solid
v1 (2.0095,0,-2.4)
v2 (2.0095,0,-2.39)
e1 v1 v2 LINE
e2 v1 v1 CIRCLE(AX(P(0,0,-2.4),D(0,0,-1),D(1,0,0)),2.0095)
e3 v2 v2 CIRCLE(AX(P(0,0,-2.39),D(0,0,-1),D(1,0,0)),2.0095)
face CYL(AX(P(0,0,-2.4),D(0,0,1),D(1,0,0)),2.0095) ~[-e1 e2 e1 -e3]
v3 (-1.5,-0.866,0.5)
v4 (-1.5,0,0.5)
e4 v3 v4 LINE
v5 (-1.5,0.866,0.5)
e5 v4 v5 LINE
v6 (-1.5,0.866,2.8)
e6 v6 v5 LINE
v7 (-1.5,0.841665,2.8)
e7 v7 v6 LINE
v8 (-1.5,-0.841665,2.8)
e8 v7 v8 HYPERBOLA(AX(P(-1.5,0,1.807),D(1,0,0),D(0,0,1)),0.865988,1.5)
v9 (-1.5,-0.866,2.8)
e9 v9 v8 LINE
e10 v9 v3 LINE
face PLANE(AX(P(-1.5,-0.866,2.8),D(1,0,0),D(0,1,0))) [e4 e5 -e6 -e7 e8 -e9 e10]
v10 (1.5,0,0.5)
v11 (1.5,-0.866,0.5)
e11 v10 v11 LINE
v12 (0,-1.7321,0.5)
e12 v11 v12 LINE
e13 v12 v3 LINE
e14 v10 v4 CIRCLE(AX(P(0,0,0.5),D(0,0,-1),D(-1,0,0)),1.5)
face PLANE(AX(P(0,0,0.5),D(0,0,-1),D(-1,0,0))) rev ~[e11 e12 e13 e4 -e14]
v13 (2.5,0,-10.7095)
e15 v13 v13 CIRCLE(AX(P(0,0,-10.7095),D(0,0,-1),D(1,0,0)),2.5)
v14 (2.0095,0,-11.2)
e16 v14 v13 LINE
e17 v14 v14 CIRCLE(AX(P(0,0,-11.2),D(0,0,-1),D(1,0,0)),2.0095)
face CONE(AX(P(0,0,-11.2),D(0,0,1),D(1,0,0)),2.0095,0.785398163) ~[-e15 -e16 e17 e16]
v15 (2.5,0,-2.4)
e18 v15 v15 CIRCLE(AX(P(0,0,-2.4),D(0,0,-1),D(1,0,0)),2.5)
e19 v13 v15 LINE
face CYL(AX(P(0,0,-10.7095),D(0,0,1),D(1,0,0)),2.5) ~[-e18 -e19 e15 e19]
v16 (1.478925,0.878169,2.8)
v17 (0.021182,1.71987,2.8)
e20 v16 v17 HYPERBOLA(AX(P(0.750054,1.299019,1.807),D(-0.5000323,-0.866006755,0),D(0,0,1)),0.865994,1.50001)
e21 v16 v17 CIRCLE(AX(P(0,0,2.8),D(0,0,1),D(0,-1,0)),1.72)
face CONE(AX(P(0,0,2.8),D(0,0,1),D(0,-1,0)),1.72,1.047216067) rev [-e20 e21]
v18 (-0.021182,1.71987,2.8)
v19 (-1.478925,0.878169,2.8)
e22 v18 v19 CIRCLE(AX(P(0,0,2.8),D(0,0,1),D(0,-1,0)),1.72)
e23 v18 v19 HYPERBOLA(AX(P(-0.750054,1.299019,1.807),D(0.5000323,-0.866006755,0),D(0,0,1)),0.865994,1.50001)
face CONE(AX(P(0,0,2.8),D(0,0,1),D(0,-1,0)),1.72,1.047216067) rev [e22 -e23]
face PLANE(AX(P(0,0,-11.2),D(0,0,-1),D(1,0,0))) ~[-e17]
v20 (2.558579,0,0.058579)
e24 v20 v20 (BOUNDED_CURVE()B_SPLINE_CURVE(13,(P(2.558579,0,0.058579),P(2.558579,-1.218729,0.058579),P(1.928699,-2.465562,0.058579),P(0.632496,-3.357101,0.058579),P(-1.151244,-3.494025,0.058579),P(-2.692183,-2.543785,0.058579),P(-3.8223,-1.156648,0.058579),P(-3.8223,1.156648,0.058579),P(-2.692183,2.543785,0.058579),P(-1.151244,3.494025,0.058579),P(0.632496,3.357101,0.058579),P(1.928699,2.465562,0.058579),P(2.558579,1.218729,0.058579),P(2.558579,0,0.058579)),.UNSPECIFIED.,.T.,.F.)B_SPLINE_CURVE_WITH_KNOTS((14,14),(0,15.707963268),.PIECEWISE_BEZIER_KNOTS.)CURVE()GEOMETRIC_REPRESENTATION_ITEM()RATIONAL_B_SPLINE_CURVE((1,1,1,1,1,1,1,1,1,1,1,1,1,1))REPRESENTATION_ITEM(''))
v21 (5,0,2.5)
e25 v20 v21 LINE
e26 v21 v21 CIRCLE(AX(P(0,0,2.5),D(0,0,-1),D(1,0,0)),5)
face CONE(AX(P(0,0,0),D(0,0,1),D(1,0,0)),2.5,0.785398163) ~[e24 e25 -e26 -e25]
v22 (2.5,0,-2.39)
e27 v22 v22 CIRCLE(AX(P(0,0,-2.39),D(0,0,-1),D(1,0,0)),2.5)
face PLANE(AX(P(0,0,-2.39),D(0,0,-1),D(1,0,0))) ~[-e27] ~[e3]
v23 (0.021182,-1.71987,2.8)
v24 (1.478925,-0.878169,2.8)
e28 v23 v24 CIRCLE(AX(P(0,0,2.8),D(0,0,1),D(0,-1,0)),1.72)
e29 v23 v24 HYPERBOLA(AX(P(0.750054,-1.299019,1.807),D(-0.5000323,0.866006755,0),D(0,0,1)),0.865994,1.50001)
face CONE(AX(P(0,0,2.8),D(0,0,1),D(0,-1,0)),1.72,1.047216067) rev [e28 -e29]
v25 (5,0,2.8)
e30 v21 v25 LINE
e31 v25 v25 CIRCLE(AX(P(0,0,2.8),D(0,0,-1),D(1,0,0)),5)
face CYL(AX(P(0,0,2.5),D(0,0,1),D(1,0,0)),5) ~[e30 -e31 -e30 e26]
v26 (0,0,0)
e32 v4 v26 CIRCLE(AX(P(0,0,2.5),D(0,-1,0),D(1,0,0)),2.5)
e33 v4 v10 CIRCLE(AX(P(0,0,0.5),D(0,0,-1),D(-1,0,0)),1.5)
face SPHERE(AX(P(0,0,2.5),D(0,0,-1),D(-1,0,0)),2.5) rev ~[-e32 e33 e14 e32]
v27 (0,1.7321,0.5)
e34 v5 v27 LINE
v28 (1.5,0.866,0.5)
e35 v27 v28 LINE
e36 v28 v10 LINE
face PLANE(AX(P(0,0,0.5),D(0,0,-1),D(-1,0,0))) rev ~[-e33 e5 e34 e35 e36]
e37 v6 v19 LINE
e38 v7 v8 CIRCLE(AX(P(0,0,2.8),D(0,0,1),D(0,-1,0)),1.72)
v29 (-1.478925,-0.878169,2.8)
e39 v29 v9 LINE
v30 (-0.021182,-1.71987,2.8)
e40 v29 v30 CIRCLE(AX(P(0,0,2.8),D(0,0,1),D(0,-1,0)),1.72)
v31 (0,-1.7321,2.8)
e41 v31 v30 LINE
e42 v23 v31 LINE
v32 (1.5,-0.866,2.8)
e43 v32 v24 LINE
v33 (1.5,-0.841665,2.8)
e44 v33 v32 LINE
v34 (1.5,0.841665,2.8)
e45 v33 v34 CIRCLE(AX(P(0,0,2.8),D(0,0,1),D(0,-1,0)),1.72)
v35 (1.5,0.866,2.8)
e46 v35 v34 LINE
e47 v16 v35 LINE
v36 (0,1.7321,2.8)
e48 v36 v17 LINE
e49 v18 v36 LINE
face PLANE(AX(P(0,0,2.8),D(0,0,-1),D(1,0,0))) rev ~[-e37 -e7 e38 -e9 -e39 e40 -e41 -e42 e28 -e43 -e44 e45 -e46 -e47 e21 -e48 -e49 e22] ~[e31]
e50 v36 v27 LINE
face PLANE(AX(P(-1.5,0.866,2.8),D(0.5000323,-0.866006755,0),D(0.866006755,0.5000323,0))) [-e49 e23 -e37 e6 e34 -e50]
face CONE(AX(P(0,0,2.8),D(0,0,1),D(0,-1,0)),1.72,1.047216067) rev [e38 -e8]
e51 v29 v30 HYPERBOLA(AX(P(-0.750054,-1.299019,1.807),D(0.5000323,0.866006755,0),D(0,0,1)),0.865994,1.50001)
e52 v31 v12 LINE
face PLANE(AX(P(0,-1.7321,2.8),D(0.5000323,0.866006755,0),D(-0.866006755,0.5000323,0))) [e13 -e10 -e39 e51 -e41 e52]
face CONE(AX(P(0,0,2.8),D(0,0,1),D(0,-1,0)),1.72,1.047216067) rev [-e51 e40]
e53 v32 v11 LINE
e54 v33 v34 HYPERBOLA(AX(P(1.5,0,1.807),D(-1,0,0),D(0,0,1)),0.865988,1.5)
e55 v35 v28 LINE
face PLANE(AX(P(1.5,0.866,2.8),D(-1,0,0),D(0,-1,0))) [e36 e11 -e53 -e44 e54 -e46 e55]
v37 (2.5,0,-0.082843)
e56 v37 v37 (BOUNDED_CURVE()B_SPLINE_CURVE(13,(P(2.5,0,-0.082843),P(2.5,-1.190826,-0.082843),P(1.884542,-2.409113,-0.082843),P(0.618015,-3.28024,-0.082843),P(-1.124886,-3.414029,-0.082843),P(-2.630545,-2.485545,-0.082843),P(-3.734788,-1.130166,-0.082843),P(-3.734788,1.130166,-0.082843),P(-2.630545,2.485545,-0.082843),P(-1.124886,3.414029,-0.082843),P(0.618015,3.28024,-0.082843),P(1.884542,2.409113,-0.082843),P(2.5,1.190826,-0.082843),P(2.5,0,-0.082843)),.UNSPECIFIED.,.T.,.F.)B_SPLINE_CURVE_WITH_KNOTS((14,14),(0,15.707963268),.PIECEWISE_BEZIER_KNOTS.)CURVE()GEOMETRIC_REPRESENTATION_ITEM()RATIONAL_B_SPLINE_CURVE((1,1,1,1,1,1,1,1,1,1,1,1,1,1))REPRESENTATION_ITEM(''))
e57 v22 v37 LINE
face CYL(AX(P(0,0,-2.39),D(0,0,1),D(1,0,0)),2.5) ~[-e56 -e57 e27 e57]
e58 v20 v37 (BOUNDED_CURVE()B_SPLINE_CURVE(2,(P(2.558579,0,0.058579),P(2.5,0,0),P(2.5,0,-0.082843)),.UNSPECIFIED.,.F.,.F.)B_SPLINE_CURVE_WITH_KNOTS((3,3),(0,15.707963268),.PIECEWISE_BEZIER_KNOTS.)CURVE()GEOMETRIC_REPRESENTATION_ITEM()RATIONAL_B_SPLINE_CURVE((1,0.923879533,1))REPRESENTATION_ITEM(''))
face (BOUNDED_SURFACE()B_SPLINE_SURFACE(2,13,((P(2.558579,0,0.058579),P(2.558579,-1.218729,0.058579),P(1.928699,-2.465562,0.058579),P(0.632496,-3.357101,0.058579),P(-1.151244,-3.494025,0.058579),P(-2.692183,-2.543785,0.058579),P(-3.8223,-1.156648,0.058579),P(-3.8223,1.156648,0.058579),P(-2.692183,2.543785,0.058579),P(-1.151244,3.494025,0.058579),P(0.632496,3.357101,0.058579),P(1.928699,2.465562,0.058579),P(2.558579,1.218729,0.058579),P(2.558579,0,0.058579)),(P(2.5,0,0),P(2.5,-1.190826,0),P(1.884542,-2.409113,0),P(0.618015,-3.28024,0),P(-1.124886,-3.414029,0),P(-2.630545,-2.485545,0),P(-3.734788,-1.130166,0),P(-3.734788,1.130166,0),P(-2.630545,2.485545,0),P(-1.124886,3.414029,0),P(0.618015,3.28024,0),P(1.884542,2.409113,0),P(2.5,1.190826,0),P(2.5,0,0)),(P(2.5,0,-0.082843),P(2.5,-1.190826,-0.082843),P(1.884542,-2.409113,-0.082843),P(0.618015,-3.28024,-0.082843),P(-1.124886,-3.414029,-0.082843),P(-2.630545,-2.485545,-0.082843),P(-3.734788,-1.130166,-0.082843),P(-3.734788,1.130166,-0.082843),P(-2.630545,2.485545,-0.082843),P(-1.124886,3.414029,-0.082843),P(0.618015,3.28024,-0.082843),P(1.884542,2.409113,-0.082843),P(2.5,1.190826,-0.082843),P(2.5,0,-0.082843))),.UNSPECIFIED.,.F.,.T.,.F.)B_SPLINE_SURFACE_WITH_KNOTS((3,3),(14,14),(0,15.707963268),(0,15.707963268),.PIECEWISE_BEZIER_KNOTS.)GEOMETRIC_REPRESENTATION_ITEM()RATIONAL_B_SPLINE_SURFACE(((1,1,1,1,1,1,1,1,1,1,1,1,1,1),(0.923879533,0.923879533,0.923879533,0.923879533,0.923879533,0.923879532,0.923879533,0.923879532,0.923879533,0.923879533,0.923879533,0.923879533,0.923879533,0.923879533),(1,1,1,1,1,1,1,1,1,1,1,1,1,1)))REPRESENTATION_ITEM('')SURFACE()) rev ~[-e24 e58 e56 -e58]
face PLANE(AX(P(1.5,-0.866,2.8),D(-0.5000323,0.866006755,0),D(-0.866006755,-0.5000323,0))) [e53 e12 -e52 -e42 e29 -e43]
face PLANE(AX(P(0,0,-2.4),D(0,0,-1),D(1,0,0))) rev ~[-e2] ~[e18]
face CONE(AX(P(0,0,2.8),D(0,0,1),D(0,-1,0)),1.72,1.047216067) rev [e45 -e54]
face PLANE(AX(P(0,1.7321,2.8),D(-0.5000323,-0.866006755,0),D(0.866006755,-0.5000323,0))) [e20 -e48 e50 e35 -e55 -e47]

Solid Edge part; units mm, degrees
sketch "Sketch1" plane through (0, 0, 0) normal (0, -1, 0) x (1, 0, 0)
  line L0 (2.5, 0) -> (5, 2.5)
  line L1 (5, 2.5) -> (5, 2.8)
  line L2 (5, 2.8) -> (0, 2.8)
  line L3 (0, 2.8) -> (0, -11.2)
  line L4 (0, -11.2) -> (2.0095, -11.2)
  line L5 (2.0095, -11.2) -> (2.5, -10.7095)
  line L6 (2.5, -10.7095) -> (2.5, -2.4)
  line L7 (2.5, -2.4) -> (2.0095, -2.4)
  line L8 (2.0095, -2.4) -> (2.0095, -2.39)
  line L9 (2.0095, -2.39) -> (2.5, -2.39)
  line L10 (2.5, -2.39) -> (2.5, 0)
  dimension "D1" = 14
  dimension "D2" = 5
  dimension "D3" = 2.8
  dimension "D4" = 0.01
  dimension "D5" = 2.0095
  dimension "D6" = 5.2
  dimension "D7" = 0.3
revolve "RevolvedProtrusion1" add sketch "Sketch1" angle 360 about axis through (0, 0, 54) along (0, 0, -1)
sketch "Sketch2" plane through (0, 0, 0) normal (0, -1, 0) x (1, 0, 0)
  arc A0 (-1.5, 0.5) -> (0, 0) centre (0, 2.5) ccw
  line L0 (0, 0.5) -> (0, 0)
  line L1 (-1.5, 0.5) -> (0, 0.5)
  dimension "D1" = 11.7
revolve "RevolvedCutout1" cut sketch "Sketch2" angle 360 about axis through (0, 0, 54) along (0, 0, -1)
sketch "Sketch3" plane through (0, 0, 2.8) normal (0, 0, 1) x (0, -1, 0)
  line L0 (-1.7321, 0) -> (-0.866, 1.5)
  line L1 (-0.866, 1.5) -> (0.866, 1.5)
  line L2 (0.866, 1.5) -> (1.7321, 0)
  line L3 (1.7321, 0) -> (0.866, -1.5)
  line L4 (0.866, -1.5) -> (-0.866, -1.5)
  line L5 (-0.866, -1.5) -> (-1.7321, 0)
  dimension "D1" = 3
extrude "Cutout1" cut sketch "Sketch3" against normal blind 2.3
cosmetic_thread "Thread1" size "M5"
sketch "Sketch4" plane through (0, 0, 0) normal (1, 0, 0) x (0, 1, 0)
  line L0 (-1.72, 2.8) -> (0, 1.807)
revolve "RevolvedCutout2" cut sketch "Sketch4" angle 360 about axis through (0, 0, -57) along (0, 0, 1) material side at (0, -0.835, 2.3468)
fillet "Round1" radius 0.2 1 edges at (-2.5, 0, 0)
properties material "Stahl"
